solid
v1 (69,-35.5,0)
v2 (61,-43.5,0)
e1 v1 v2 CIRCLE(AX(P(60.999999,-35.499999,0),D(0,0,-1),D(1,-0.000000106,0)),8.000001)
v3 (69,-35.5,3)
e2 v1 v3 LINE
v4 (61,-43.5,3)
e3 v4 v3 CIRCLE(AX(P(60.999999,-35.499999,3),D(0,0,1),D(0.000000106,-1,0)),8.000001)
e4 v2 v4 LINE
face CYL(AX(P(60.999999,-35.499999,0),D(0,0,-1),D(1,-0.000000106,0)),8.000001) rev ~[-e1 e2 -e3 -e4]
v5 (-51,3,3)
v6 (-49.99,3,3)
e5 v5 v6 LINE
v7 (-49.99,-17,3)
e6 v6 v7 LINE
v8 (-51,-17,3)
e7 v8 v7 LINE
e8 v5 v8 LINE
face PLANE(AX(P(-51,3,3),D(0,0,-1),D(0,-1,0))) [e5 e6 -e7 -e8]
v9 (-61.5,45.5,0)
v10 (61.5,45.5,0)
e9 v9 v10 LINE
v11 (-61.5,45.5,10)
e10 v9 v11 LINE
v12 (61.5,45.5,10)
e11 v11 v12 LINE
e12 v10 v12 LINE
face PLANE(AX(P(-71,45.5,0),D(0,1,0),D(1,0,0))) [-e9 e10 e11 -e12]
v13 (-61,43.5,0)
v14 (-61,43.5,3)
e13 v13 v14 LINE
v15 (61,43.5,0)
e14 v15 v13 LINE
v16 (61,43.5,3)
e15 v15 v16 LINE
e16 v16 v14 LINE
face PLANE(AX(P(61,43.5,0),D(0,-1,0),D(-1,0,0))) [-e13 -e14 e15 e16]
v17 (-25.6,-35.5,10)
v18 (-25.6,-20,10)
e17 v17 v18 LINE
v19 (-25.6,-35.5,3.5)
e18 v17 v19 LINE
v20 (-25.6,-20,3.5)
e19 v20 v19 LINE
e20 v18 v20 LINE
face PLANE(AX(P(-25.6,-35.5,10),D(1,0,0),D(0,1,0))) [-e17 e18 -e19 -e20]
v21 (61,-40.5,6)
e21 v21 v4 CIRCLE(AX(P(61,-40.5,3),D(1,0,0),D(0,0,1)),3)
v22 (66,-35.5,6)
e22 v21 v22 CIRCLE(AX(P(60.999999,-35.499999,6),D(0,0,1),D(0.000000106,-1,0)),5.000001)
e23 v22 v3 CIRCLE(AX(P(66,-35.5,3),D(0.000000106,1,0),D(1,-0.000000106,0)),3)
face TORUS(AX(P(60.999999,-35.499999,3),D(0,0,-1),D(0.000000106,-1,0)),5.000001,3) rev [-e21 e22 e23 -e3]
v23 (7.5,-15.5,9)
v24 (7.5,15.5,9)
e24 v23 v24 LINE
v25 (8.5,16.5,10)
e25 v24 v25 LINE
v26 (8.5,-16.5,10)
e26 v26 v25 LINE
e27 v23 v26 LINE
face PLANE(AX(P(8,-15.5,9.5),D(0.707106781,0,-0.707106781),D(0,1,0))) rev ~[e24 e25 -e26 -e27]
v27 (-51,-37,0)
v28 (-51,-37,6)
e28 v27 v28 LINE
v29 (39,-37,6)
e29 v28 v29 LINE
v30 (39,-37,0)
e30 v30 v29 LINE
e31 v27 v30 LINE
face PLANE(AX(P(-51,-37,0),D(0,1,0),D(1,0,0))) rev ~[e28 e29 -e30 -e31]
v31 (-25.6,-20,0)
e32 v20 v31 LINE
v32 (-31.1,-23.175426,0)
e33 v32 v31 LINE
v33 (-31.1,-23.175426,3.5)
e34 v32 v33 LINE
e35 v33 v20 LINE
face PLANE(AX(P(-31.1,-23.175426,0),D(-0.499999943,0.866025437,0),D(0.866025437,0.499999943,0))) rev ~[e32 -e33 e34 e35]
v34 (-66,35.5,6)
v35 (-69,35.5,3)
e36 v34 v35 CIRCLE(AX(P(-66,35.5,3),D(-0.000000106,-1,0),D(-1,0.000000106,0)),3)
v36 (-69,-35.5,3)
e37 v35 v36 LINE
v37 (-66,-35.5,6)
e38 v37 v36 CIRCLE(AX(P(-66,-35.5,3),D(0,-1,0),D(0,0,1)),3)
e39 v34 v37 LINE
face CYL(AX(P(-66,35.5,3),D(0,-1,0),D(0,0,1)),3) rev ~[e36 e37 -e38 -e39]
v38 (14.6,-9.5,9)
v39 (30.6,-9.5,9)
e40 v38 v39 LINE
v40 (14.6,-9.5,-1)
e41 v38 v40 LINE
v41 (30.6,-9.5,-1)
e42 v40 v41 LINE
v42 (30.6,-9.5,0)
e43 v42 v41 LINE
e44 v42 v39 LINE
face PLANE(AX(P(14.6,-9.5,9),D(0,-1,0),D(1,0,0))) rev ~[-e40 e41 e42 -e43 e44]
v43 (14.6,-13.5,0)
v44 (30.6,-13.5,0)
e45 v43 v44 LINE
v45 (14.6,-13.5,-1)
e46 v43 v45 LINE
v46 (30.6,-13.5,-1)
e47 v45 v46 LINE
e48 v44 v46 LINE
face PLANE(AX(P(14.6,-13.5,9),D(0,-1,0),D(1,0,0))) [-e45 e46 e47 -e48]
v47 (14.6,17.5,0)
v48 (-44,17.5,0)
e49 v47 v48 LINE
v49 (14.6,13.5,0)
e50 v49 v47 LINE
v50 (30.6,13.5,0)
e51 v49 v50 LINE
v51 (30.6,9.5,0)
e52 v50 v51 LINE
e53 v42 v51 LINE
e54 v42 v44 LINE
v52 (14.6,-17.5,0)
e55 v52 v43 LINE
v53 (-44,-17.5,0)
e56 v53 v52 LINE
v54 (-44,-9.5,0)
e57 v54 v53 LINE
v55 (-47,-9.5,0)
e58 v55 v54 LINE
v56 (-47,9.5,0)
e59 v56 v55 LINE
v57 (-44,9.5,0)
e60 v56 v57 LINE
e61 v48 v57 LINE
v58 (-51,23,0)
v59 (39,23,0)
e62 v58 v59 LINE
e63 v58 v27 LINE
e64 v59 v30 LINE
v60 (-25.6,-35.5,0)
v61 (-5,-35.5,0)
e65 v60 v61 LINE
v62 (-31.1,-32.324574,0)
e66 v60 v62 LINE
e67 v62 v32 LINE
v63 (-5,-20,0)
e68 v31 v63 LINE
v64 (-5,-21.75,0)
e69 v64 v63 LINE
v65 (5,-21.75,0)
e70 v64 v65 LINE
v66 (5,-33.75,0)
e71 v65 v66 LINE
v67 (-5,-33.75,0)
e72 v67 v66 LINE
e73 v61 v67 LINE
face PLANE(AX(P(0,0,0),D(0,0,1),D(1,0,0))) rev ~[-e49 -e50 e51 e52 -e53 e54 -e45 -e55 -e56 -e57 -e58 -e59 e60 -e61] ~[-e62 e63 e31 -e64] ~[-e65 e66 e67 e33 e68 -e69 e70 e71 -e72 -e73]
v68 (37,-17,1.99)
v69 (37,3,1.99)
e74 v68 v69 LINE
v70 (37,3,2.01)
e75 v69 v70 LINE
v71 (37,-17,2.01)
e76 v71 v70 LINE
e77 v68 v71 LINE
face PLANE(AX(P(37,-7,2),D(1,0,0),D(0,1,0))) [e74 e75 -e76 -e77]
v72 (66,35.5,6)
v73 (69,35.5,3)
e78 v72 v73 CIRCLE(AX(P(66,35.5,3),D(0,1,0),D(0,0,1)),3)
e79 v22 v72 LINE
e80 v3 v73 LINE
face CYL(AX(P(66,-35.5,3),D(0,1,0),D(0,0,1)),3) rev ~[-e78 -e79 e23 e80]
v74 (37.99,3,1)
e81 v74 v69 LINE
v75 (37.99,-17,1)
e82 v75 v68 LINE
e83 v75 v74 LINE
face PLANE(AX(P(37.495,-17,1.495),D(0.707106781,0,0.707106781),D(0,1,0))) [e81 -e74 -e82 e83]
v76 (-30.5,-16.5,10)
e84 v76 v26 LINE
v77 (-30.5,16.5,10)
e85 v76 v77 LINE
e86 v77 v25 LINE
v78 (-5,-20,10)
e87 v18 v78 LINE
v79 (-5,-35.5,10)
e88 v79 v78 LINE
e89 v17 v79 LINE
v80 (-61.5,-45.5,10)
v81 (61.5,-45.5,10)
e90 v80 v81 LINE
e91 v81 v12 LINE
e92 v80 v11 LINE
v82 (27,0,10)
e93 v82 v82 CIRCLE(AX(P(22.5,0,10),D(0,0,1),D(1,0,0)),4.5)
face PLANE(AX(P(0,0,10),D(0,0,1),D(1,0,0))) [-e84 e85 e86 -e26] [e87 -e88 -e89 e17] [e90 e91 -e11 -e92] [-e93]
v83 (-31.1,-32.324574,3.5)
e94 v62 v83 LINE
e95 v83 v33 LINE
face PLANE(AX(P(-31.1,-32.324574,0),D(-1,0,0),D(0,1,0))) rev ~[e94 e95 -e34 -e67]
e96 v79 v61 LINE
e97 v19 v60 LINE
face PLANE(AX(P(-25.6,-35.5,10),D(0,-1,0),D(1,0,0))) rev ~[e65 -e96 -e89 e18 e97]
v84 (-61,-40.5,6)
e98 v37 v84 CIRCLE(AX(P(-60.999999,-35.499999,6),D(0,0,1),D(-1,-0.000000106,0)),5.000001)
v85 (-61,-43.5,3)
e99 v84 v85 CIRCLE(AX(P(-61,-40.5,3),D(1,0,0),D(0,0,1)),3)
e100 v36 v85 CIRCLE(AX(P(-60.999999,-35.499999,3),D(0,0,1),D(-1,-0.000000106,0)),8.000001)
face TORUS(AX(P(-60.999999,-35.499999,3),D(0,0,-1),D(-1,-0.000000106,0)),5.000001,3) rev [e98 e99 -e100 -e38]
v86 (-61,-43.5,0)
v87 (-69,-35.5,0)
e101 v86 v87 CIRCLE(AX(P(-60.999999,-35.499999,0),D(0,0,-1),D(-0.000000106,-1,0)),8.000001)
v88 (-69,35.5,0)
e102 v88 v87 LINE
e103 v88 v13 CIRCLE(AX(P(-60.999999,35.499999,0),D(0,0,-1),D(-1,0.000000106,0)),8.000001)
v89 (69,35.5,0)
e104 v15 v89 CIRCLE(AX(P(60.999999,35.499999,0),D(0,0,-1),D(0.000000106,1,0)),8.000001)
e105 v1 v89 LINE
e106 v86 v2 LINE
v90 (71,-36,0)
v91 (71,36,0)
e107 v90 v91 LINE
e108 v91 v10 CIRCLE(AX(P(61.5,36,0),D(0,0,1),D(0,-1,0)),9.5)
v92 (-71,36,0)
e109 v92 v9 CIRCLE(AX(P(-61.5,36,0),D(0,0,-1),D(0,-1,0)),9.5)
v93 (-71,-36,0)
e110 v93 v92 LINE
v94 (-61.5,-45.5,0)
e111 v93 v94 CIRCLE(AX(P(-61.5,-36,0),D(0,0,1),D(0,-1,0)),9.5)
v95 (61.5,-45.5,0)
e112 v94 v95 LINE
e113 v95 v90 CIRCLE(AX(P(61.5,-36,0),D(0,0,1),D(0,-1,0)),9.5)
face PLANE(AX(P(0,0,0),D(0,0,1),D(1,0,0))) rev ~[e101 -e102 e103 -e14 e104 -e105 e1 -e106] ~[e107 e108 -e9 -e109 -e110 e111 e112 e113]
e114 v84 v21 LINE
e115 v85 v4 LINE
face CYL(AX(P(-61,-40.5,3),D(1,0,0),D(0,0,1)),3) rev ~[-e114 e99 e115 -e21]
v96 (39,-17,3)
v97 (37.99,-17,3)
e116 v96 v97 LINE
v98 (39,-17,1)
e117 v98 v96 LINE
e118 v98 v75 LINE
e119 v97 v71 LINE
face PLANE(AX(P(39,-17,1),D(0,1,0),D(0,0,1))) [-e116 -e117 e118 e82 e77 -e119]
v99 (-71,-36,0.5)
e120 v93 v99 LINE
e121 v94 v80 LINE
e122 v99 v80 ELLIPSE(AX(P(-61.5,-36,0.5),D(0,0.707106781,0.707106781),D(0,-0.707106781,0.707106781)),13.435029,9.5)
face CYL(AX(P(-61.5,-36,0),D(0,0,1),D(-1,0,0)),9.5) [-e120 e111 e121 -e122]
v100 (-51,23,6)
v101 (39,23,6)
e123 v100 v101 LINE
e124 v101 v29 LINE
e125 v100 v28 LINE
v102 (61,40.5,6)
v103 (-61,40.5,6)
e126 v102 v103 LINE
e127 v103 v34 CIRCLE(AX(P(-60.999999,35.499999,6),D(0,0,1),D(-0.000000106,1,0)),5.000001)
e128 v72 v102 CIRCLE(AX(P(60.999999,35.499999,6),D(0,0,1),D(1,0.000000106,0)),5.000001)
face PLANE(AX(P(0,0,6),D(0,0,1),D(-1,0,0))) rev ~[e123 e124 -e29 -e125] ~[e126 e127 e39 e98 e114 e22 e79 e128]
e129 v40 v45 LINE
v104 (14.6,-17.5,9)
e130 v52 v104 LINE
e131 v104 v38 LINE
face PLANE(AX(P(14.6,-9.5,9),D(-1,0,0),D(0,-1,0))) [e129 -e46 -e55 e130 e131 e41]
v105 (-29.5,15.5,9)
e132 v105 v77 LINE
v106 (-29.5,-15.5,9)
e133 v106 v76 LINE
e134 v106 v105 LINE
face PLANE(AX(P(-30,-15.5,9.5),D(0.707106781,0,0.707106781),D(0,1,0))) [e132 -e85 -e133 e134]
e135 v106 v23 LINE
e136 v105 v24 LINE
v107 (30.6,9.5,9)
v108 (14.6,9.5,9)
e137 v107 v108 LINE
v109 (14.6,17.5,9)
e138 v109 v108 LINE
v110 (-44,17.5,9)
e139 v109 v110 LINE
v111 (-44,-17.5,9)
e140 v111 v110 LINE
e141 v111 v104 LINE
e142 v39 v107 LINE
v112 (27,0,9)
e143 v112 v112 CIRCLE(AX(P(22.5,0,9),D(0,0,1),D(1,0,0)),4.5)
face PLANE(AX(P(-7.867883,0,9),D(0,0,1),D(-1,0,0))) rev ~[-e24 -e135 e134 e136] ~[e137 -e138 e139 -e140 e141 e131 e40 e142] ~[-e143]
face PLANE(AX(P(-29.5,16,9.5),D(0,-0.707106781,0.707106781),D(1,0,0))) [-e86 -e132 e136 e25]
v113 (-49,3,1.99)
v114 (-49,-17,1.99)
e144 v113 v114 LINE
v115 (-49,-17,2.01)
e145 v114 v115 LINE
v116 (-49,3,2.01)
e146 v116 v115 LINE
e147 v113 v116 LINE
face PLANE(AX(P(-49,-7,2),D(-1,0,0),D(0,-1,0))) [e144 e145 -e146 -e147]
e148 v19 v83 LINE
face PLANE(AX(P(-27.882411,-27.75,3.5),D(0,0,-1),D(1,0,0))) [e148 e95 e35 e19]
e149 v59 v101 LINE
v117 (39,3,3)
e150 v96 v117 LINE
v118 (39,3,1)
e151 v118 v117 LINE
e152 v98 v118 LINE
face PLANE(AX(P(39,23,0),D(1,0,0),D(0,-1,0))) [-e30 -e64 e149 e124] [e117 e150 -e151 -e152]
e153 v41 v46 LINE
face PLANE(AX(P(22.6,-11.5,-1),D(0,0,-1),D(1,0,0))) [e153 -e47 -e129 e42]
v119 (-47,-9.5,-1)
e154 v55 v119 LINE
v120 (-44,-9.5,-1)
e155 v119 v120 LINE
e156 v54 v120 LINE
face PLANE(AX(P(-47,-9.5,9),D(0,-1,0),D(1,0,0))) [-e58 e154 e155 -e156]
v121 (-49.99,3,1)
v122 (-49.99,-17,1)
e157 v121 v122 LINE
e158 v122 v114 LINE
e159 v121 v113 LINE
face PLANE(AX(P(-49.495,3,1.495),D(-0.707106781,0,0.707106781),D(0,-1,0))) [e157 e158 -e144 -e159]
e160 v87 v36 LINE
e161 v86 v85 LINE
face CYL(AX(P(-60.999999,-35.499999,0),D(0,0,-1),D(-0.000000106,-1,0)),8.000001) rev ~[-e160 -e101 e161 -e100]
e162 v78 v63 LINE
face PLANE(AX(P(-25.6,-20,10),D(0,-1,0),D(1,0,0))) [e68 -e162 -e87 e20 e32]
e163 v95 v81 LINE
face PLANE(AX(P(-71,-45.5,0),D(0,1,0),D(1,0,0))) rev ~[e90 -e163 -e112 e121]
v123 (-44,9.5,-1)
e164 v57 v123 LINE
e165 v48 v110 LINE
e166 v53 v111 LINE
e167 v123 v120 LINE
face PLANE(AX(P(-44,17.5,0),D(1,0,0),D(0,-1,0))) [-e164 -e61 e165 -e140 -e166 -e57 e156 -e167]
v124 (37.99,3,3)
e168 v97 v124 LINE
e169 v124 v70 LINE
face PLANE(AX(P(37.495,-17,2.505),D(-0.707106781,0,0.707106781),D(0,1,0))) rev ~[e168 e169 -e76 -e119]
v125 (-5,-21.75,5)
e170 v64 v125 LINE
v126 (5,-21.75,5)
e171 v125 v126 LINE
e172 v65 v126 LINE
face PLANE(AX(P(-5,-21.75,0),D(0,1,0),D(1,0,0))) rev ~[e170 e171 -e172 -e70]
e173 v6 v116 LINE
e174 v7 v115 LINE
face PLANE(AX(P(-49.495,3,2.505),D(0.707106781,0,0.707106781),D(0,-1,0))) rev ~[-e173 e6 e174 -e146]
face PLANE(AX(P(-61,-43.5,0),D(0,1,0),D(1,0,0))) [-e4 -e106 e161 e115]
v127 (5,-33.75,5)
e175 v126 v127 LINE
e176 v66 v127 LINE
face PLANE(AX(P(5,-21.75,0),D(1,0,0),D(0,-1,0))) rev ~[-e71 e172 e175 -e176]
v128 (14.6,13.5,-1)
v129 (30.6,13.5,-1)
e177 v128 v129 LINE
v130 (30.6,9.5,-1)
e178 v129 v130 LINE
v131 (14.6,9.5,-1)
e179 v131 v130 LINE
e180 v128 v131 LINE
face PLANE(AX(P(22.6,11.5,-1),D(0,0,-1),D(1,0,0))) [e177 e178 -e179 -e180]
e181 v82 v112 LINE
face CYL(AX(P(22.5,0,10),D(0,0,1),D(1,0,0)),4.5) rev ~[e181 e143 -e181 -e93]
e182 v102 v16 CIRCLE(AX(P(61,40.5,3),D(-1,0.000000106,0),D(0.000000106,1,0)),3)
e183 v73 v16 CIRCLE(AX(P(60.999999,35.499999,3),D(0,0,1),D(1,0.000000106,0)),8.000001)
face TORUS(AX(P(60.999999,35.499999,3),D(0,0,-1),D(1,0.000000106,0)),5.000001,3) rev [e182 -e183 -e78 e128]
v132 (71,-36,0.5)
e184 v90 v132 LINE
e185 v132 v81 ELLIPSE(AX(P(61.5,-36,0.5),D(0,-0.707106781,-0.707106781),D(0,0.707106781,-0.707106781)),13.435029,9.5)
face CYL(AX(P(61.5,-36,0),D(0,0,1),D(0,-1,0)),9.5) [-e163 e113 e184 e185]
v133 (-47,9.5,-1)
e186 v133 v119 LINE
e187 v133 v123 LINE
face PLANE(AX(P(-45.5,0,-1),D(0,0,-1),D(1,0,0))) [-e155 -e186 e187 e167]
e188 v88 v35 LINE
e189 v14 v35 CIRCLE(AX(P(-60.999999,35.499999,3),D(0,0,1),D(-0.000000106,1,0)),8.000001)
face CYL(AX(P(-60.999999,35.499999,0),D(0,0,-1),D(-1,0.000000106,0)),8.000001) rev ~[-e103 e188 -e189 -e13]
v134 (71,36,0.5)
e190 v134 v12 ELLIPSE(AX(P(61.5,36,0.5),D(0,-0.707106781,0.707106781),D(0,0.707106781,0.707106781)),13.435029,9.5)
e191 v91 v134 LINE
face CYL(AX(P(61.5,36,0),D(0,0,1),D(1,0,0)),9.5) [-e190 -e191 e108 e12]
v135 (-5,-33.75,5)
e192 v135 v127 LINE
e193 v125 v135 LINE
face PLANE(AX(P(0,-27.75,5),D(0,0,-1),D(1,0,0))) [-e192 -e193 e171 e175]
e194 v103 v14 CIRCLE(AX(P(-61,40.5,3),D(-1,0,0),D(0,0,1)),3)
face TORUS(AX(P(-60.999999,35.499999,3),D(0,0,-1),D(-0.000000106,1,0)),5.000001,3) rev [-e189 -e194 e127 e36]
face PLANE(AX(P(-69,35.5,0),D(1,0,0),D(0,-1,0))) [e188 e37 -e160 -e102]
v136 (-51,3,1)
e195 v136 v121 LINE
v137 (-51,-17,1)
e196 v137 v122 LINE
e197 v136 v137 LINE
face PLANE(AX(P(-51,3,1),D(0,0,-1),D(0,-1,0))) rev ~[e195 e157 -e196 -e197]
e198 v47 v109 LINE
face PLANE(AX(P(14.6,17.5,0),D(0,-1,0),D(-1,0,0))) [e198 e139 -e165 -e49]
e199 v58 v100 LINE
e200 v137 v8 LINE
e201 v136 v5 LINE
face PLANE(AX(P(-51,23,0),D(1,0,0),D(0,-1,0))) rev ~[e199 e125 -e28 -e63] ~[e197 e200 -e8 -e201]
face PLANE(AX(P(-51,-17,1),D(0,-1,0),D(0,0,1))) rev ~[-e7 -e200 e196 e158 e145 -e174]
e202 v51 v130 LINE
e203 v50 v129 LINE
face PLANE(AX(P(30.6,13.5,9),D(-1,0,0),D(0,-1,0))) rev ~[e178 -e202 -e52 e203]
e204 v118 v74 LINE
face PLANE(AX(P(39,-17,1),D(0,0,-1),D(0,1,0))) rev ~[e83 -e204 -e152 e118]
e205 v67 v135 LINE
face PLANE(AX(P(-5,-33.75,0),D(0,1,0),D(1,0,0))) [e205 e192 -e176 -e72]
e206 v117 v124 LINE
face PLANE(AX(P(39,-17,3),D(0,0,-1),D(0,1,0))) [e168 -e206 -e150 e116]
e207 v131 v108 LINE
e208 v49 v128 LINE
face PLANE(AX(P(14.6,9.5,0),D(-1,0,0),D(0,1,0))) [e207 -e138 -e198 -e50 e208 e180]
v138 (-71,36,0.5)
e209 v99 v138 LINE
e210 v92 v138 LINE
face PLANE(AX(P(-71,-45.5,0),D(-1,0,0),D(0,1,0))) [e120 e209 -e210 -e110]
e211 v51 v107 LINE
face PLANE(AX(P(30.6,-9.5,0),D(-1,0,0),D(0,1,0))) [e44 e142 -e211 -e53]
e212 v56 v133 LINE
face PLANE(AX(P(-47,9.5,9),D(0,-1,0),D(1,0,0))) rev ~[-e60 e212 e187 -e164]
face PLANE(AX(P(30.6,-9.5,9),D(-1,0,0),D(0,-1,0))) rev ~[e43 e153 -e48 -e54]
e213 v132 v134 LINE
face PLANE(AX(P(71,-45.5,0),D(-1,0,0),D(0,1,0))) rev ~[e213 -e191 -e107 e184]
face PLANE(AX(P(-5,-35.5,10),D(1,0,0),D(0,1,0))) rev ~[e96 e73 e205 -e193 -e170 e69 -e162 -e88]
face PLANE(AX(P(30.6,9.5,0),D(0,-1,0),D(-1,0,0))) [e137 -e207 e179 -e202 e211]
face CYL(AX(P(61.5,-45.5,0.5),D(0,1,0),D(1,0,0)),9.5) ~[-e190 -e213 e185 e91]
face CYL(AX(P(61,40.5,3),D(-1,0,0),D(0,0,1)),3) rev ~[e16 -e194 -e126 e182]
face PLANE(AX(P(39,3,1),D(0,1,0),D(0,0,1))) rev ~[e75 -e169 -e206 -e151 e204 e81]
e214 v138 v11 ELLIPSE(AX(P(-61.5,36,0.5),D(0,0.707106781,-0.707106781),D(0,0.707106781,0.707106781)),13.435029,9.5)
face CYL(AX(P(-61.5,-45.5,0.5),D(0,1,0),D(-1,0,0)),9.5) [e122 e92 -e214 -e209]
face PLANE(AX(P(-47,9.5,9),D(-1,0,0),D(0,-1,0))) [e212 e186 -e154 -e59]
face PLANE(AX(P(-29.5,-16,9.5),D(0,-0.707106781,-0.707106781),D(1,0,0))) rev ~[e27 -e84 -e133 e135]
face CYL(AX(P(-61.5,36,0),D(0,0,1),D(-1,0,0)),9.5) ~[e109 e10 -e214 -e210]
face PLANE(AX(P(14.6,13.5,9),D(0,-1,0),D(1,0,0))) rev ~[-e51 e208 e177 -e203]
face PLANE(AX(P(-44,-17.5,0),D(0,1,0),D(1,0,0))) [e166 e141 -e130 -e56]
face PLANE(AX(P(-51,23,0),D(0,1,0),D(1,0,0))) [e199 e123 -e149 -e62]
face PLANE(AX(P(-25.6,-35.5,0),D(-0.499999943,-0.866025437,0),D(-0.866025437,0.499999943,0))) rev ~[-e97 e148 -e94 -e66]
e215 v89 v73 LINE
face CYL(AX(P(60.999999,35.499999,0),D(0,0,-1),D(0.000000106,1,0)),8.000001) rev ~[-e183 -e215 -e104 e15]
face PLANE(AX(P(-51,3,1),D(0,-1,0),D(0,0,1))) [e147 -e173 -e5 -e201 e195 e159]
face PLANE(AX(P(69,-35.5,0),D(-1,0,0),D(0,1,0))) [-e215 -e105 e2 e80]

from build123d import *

# Parameters (mm, degrees)
SKETCH_W        = 142
SKETCH_H        = 91
PAD_DEPTH       = 10
FILLET_R        = 9.5
SKETCH001_R     = 4.5
SKETCH001_W     = 37
SKETCH001_H     = 31
SKETCH001_W_2   = 20.6
SKETCH001_H_2   = 15.5
POCKET_DEPTH    = 10
CHAMFER_SIZE    = 1
POCKET001_DEPTH = 3.5
SKETCH007_W     = 10
SKETCH007_H     = 12
POCKET004_DEPTH = 5
POCKET002_DEPTH = 9
SKETCH004_W     = 16
SKETCH004_H     = 4
SKETCH004_W_2   = 3
SKETCH004_H_2   = 19
PAD001_DEPTH    = 10
SKETCH006_W     = 90
SKETCH006_H     = 60
POCKET003_DEPTH = 6
FILLET001_R     = 3
SKETCH008_W     = 20
SKETCH008_H     = 2
POCKET005_DEPTH = 2
CHAMFER001_SIZE = 0.99
SKETCH009_W     = 20
SKETCH009_H     = 2
POCKET006_DEPTH = 2
CHAMFER002_SIZE = 0.99


with BuildPart() as part:
    # Sketch → Pad (new body)
    with BuildSketch(Plane.XY):
        Rectangle(SKETCH_W, SKETCH_H)
    extrude(amount=PAD_DEPTH)

    # Fillet
    fillet_edges = [part.edges().sort_by_distance(p)[0] for p in [
        (71, 45.5, 5),
        (71, 0, 10),
        (71, -45.5, 5),
        (-71, -45.5, 5),
        (-71, 0, 10),
        (-71, 45.5, 5),
    ]]
    fillet(fillet_edges, radius=FILLET_R)

    # Sketch001 (on Face5 of Fillet) → Pocket (cut)
    with BuildSketch(Plane.XY.offset(10)):
        with Locations((22.5, 0)):
            Circle(SKETCH001_R)
        with Locations((-11, 0)):
            Rectangle(SKETCH001_W, SKETCH001_H)
        with Locations((-15.3, -27.75)):
            Rectangle(SKETCH001_W_2, SKETCH001_H_2)
    extrude(amount=-POCKET_DEPTH, mode=Mode.SUBTRACT)

    # Chamfer
    chamfer_edges = [part.edges().sort_by_distance(p)[0] for p in [
        (7.5, 0, 10),
        (-11, 15.5, 10),
        (-29.5, 0, 10),
        (-11, -15.5, 10),
    ]]
    chamfer(chamfer_edges, length=CHAMFER_SIZE)

    # Sketch002 (on Face19 of Chamfer) → Pocket001 (cut)
    with BuildSketch(Plane(origin=(0, 0, 0), x_dir=(1, 0, 0), z_dir=(0, 0, -1))):
        Polygon((-25.6, 35.5), (-31.1, 32.324574), (-31.1, 23.175426), (-25.6, 20), align=None)
    extrude(amount=-POCKET001_DEPTH, mode=Mode.SUBTRACT)

    # Sketch007 (on Face19 of Pocket001) → Pocket004 (cut)
    with BuildSketch(Plane(origin=(0, 0, 0), x_dir=(1, 0, 0), z_dir=(0, 0, -1))):
        with Locations((0, 27.75)):
            Rectangle(SKETCH007_W, SKETCH007_H)
    extrude(amount=-POCKET004_DEPTH, mode=Mode.SUBTRACT)

    # Sketch003 (on Face19 of Pocket001) → Pocket002 (cut)
    with BuildSketch(Plane(origin=(0, 0, 0), x_dir=(1, 0, 0), z_dir=(0, 0, -1))):
        Polygon((-44, 17.5), (14.6, 17.5), (14.6, 9.5), (30.6, 9.5), (30.6, -9.5), (14.6, -9.5), (14.6, -17.5), (-44, -17.5), align=None)
    extrude(amount=-POCKET002_DEPTH, mode=Mode.SUBTRACT)

    # Sketch004 (on Face15 of Pocket002) → Pad001 (join)
    with BuildSketch(Plane(origin=(0, 0, 9), x_dir=(1, 0, 0), z_dir=(0, 0, -1))):
        with Locations((22.6, 11.5)):
            Rectangle(SKETCH004_W, SKETCH004_H)
        with Locations((22.6, -11.5)):
            Rectangle(SKETCH004_W, SKETCH004_H)
        with Locations((-45.5, 0)):
            Rectangle(SKETCH004_W_2, SKETCH004_H_2)
    extrude(amount=PAD001_DEPTH)

    # Sketch006 → Pocket003 (cut)
    with BuildSketch(Plane(origin=(0, 0, 0), x_dir=(1, 0, 0), z_dir=(0, 0, -1))):
        with BuildLine():
            Line((-61, 43.5), (61, 43.5))
            ThreePointArc((69, 35.5), (66.656854, 41.156854), (61, 43.5))
            Line((69, 35.5), (69, -35.5))
            ThreePointArc((61, -43.5), (66.656854, -41.156854), (69, -35.5))
            Line((61, -43.5), (-61, -43.5))
            ThreePointArc((-69, -35.5), (-66.656854, -41.156854), (-61, -43.5))
            Line((-69, -35.5), (-69, 35.5))
            ThreePointArc((-61, 43.5), (-66.656854, 41.156854), (-69, 35.5))
        make_face()
        with Locations((-6, 7)):
            Rectangle(SKETCH006_W, SKETCH006_H, mode=Mode.SUBTRACT)
    extrude(amount=-POCKET003_DEPTH, mode=Mode.SUBTRACT)

    # Fillet001
    fillet001_edges = [part.edges().sort_by_distance(p)[0] for p in [
        (0, -43.5, 6),
        (-66.656854, -41.156854, 6),
        (-69, 0, 6),
        (66.656854, -41.156854, 6),
        (-66.656854, 41.156854, 6),
        (0, 43.5, 6),
        (66.656854, 41.156854, 6),
        (69, 0, 6),
    ]]
    fillet(fillet001_edges, radius=FILLET001_R)

    # Sketch008 → Pocket005 (cut)
    with BuildSketch(Plane.YZ.offset(39)):
        with Locations((-7, 2)):
            Rectangle(SKETCH008_W, SKETCH008_H)
    extrude(amount=-POCKET005_DEPTH, mode=Mode.SUBTRACT)

    # Chamfer001
    chamfer001_edges = [part.edges().sort_by_distance(p)[0] for p in [
        (37, -7, 1),
        (37, -7, 3),
    ]]
    chamfer(chamfer001_edges, length=CHAMFER001_SIZE)

    # Sketch009 (on Face13 of Chamfer001) → Pocket006 (cut)
    with BuildSketch(Plane(origin=(-51, 0, 0), x_dir=(0, -1, 0), z_dir=(-1, 0, 0))):
        with Locations((7, 2)):
            Rectangle(SKETCH009_W, SKETCH009_H)
    extrude(amount=-POCKET006_DEPTH, mode=Mode.SUBTRACT)

    # Chamfer002
    chamfer002_edges = [part.edges().sort_by_distance(p)[0] for p in [
        (-49, -7, 3),
        (-49, -7, 1),
    ]]
    chamfer(chamfer002_edges, length=CHAMFER002_SIZE)


solid = part.part
